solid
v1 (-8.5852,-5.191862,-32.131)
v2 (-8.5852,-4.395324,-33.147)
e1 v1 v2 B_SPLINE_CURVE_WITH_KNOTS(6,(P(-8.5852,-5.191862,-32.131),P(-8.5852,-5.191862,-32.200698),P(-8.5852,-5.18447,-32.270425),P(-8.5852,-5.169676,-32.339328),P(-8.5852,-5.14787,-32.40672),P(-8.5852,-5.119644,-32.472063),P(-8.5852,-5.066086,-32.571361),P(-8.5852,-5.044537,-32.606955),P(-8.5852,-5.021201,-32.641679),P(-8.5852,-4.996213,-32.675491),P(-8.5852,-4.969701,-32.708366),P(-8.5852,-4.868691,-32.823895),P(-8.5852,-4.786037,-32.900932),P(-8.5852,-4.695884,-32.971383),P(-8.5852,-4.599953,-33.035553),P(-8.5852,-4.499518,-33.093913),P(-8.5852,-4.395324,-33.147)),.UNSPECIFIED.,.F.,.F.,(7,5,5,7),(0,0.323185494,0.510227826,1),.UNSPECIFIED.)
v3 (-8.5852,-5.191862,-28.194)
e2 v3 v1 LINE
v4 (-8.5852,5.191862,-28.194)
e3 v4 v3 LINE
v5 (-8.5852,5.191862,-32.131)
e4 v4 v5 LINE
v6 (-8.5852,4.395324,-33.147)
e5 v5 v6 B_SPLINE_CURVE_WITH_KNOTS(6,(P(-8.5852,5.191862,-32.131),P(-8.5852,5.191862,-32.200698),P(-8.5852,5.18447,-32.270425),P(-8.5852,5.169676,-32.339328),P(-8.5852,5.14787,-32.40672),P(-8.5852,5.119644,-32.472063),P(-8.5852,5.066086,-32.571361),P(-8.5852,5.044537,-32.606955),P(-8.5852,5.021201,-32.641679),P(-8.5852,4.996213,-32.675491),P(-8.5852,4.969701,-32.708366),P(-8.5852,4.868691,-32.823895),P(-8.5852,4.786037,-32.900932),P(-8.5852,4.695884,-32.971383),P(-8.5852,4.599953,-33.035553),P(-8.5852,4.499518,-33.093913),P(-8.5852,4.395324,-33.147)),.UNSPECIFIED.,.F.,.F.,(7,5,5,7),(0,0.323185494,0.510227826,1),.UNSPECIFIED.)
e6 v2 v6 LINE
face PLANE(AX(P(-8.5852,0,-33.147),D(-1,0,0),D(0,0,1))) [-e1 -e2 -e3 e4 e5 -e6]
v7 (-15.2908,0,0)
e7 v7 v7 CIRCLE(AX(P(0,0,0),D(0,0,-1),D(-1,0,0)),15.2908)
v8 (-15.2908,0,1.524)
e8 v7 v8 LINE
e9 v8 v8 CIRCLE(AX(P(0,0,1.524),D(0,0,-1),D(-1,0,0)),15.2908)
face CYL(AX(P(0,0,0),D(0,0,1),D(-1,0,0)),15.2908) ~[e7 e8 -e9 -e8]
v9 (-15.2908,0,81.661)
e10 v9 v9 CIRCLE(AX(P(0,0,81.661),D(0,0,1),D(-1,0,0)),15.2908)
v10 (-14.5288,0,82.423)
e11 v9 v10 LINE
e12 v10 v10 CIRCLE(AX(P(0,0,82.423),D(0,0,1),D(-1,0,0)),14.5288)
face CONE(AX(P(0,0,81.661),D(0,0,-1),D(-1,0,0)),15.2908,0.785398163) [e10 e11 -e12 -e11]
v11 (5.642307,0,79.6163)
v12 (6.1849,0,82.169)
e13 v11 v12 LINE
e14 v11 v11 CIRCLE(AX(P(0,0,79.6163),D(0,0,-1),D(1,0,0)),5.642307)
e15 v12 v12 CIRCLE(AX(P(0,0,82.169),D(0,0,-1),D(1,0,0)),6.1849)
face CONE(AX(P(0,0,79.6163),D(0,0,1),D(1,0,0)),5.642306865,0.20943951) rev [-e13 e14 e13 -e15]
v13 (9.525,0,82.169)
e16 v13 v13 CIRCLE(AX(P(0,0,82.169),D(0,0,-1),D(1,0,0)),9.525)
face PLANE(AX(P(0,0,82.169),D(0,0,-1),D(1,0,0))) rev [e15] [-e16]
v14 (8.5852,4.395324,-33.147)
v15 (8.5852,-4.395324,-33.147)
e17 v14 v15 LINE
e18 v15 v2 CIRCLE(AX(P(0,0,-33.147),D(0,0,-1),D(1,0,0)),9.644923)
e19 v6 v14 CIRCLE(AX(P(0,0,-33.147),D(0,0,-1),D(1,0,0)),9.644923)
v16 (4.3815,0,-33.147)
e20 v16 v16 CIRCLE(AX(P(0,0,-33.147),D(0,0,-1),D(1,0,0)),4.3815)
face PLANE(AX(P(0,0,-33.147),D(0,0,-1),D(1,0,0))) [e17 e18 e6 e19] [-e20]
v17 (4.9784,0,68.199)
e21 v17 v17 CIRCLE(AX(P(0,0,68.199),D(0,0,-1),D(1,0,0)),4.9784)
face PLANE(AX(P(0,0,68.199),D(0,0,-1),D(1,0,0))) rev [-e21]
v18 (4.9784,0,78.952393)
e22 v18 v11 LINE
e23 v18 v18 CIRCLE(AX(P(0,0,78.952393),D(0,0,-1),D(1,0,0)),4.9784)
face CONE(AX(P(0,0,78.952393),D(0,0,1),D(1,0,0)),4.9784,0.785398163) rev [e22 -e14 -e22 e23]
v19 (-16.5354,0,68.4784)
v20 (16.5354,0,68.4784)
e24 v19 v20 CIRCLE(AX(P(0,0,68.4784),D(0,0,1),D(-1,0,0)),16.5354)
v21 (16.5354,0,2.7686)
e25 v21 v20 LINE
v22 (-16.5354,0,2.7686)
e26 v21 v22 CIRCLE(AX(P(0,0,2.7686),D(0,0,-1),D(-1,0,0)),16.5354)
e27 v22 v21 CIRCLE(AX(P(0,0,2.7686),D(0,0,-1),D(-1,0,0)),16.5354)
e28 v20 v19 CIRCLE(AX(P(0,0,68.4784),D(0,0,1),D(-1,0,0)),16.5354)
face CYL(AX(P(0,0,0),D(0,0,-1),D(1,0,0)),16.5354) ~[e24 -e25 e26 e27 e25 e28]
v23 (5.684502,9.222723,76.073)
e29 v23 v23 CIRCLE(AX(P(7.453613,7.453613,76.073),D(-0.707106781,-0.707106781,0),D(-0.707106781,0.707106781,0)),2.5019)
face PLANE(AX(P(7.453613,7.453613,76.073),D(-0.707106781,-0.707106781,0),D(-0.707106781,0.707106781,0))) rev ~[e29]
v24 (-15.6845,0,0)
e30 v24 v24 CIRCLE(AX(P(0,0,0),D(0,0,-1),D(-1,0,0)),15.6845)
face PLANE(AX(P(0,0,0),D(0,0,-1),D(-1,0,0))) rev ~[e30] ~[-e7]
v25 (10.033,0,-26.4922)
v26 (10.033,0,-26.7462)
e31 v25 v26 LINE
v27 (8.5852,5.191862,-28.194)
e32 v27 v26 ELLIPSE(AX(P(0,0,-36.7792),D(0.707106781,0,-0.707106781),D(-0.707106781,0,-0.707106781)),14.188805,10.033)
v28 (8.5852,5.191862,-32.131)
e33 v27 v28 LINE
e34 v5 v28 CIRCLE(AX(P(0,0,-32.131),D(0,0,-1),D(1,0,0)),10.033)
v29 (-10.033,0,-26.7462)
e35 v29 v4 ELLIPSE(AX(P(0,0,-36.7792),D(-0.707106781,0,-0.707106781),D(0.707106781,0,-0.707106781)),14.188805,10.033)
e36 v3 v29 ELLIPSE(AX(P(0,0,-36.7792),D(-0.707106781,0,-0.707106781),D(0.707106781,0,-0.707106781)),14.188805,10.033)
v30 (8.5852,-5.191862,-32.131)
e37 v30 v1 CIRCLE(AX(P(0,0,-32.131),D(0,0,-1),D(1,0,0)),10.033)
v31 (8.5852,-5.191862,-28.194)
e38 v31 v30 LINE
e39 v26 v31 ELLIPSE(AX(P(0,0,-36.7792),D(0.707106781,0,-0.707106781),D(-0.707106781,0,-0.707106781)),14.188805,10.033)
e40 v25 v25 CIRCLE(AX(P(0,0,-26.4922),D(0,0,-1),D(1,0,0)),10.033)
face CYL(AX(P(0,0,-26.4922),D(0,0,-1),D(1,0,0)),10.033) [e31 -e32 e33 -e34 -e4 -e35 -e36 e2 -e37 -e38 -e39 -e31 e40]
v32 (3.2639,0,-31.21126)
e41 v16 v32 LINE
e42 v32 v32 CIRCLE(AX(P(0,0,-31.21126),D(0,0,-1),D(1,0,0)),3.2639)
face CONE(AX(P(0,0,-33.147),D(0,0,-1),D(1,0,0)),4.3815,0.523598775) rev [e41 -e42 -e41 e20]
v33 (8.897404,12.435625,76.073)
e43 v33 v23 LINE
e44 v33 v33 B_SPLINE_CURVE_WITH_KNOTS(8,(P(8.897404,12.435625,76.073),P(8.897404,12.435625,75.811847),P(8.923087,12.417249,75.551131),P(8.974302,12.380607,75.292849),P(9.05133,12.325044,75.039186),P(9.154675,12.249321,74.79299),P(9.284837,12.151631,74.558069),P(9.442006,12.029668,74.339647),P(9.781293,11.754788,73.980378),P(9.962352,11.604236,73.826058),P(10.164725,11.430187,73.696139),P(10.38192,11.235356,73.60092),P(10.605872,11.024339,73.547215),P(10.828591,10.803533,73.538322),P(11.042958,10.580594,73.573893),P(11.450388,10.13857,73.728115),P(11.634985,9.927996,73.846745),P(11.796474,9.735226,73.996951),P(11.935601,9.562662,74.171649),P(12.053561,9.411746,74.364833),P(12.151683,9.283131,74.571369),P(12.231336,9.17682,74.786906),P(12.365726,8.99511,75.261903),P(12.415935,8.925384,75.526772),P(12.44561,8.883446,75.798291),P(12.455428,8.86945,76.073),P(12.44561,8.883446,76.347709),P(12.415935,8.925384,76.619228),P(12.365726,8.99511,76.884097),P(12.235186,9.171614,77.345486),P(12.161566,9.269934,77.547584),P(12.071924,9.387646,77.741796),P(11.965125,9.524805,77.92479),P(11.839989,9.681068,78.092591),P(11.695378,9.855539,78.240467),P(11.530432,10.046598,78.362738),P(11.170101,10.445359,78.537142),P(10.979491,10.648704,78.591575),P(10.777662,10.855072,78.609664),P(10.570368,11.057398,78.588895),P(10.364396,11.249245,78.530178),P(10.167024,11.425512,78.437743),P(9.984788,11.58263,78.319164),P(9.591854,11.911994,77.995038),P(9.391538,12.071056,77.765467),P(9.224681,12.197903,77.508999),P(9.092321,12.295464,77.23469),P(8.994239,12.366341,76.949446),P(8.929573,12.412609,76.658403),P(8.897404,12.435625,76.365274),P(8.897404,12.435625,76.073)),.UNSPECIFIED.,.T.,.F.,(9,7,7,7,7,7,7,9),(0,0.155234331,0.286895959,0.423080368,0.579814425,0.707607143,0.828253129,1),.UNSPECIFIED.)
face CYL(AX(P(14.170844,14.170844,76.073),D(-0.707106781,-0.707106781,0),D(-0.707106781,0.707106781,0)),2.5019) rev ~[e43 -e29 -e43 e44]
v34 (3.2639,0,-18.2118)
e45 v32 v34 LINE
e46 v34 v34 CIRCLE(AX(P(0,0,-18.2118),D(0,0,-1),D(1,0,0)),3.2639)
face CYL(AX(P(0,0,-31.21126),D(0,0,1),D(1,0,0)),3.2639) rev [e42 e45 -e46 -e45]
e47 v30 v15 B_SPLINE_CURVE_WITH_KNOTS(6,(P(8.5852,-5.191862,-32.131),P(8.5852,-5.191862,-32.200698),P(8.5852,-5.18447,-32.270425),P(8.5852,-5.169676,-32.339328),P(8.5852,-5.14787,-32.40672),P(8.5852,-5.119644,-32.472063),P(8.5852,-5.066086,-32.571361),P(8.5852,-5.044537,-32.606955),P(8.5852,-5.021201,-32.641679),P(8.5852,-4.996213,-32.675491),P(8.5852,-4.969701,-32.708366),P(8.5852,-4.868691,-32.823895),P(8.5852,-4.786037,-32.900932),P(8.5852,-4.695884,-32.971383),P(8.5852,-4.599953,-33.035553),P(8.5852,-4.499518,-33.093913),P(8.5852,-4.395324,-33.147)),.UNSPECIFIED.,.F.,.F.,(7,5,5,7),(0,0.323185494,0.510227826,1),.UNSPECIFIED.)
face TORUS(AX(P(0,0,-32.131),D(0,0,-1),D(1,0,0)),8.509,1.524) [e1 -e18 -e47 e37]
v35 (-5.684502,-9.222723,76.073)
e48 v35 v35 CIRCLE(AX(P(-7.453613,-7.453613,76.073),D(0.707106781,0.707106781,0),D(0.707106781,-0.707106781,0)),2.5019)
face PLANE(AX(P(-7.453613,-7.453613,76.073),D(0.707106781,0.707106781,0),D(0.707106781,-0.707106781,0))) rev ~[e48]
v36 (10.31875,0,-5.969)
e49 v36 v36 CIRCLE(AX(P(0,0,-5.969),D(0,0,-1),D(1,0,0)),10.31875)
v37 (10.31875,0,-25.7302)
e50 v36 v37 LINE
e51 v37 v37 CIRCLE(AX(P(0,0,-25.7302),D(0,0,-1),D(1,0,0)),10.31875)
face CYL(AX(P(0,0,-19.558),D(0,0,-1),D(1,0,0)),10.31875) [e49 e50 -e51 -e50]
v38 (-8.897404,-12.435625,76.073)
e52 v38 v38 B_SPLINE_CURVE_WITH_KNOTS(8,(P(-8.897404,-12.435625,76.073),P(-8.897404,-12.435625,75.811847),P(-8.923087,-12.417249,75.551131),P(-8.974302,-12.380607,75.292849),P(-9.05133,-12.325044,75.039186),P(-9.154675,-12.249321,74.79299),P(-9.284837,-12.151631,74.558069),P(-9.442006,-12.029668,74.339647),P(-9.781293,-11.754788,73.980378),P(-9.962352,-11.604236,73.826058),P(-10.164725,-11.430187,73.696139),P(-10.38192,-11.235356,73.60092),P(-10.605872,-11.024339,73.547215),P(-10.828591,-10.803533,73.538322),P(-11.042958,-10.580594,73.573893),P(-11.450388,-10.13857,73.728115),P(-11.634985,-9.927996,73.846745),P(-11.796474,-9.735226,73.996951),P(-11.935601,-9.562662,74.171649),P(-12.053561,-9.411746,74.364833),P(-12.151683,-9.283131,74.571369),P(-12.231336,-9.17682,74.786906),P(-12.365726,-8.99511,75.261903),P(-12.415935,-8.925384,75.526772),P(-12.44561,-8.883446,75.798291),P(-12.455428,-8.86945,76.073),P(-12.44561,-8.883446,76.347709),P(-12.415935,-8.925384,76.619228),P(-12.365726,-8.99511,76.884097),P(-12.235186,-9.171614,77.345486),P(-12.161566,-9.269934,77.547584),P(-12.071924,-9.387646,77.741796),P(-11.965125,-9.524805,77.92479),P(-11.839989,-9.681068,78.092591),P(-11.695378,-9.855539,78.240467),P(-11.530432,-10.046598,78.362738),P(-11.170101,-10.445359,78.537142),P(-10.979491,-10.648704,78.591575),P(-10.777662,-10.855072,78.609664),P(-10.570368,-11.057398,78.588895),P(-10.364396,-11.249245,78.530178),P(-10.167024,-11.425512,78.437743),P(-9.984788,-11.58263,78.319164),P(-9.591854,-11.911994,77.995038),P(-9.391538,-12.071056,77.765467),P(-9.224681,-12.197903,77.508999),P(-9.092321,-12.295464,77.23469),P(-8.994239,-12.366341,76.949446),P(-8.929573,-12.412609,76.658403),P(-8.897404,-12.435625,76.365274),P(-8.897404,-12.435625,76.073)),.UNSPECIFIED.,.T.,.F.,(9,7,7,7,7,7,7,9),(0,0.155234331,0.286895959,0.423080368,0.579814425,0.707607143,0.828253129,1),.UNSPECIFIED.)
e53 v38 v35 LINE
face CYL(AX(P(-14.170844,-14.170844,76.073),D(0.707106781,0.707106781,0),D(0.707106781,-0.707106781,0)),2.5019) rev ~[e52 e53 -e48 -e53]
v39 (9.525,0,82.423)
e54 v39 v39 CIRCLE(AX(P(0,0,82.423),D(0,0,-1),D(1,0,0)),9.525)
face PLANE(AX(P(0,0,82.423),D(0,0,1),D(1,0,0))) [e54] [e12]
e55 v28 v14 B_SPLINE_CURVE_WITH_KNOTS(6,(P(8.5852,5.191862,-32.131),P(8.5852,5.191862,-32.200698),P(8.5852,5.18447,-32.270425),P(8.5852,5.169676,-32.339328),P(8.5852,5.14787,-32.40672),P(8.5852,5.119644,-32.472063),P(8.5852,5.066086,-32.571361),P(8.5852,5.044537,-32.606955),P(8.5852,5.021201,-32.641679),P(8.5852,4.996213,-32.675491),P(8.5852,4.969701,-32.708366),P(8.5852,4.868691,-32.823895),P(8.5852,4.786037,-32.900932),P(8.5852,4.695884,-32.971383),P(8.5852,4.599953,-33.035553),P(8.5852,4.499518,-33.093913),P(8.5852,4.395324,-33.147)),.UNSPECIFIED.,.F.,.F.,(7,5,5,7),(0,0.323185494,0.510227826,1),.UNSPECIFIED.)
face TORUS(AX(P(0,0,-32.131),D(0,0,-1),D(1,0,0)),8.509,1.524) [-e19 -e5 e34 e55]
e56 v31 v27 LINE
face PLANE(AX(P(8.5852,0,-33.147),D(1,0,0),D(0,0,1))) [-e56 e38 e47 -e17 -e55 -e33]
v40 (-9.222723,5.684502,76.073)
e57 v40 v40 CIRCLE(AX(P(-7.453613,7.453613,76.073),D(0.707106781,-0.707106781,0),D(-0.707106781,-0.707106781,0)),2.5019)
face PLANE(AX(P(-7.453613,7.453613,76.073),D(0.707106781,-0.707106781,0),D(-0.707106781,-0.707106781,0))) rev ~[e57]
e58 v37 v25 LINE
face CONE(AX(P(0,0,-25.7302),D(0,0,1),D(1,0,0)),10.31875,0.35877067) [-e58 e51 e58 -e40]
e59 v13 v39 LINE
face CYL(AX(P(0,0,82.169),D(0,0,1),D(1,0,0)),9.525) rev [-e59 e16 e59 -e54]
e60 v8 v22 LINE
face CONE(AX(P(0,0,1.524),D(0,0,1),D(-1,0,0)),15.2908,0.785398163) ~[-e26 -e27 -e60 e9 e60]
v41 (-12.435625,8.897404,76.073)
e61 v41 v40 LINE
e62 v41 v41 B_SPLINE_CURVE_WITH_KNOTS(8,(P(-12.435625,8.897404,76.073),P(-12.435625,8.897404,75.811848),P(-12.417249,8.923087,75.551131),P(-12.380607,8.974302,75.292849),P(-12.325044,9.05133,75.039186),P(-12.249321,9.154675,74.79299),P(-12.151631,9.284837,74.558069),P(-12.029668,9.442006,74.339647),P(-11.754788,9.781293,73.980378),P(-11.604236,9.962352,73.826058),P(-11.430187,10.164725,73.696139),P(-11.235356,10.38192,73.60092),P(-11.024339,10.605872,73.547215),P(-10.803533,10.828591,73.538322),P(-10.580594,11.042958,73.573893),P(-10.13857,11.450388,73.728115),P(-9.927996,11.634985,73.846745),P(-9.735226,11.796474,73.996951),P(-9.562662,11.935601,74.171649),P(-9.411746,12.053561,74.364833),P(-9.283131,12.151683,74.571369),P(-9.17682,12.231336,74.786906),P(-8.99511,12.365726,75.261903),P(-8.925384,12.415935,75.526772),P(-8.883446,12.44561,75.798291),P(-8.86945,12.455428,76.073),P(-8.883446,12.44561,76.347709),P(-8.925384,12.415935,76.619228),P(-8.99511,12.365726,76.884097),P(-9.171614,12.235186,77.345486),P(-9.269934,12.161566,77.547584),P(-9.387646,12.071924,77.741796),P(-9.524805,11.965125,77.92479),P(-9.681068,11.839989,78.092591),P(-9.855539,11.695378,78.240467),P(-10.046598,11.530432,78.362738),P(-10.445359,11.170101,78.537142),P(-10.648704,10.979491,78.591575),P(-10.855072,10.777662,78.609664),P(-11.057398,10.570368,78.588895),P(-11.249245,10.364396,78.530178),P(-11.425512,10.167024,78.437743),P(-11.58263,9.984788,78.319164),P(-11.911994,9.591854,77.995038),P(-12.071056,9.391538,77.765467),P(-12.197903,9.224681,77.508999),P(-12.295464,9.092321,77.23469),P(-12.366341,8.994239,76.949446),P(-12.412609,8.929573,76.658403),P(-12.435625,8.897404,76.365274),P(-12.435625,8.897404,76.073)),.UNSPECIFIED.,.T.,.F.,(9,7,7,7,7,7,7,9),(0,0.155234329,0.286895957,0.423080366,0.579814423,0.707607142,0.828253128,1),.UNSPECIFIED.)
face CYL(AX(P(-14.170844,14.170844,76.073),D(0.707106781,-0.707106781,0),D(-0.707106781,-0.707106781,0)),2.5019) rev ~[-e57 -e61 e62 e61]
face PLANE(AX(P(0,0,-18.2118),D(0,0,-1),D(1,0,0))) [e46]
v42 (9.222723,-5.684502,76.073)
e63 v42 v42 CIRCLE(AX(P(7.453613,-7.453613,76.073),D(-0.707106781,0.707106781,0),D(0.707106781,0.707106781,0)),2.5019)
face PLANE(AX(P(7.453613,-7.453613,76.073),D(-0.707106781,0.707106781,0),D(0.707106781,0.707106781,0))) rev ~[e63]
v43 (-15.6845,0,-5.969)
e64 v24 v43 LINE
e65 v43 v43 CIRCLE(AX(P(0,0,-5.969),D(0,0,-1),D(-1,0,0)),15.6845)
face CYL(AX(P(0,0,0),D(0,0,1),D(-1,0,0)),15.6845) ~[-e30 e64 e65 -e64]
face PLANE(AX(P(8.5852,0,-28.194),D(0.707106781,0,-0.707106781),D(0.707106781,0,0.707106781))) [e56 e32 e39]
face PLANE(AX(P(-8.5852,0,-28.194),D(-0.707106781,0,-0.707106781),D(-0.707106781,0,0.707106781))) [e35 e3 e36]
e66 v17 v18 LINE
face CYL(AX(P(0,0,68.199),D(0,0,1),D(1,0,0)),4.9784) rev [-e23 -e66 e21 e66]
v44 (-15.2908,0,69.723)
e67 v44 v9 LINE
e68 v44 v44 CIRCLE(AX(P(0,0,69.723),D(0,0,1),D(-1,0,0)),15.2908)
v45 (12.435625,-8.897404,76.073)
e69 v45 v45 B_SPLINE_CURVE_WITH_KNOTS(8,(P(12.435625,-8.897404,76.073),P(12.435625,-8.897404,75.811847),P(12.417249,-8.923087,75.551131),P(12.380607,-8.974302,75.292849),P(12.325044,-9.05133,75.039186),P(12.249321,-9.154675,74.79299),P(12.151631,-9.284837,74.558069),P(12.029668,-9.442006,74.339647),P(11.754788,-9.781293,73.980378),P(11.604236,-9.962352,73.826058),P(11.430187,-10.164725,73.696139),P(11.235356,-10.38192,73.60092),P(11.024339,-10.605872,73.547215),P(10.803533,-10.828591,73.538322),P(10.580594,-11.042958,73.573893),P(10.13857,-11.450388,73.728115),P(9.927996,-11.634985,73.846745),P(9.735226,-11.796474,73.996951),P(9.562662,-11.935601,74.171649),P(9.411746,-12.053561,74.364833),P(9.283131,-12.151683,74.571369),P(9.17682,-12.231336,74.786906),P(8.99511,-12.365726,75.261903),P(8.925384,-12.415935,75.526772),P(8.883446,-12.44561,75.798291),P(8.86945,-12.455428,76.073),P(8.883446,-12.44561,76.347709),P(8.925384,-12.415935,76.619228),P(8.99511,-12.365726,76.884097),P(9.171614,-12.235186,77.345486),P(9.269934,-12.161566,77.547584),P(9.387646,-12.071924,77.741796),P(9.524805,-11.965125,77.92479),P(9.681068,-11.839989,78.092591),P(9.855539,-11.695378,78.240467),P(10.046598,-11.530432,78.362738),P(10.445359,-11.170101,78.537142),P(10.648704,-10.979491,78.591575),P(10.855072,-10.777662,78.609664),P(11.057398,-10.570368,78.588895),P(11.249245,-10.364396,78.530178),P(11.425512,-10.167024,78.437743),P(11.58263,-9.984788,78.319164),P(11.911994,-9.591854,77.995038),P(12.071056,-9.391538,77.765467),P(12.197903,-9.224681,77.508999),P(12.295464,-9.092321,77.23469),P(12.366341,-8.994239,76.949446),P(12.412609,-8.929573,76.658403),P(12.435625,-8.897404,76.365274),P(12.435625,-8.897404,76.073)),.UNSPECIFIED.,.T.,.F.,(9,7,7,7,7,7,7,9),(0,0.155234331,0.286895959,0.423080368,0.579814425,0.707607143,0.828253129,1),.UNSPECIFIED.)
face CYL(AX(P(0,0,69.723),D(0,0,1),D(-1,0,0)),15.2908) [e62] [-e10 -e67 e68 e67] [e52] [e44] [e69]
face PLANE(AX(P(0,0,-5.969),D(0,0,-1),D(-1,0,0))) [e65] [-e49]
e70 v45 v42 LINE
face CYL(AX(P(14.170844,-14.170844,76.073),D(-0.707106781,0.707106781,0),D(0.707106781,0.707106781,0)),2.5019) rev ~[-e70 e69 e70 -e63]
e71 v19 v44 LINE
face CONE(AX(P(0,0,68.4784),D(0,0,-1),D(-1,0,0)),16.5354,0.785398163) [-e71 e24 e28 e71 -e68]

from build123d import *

# Parameters (mm, degrees)
SKETCH1_R          = 16.5354
EXTRUDE1_DEPTH     = 82.423
CHAMFER1_SIZE      = 0.762
SKETCH6_R          = 15.6845
EXTRUDE2_DEPTH     = 5.969
SKETCH7_W          = 27.178
SKETCH7_H          = 10.31875
CUT_EXTRUDE4_DEPTH = 19.84248
HOLE1_D            = 5.0038
HOLE1_DEPTH        = 4.7498
CIRPATTERN1_COUNT  = 4


with BuildPart() as part:
    # Sketch1 → Extrude1 (new body)
    with BuildSketch(Plane.XY):
        Circle(SKETCH1_R)
    extrude(amount=EXTRUDE1_DEPTH)

    # Sketch2 → Cut-Revolve1 (revolve, cut)
    with BuildSketch(Plane(origin=(0, 0, 0), x_dir=(1, 0, 0), z_dir=(0, 1, 0)), mode=Mode.PRIVATE) as cut_revolve1_sk:
        Polygon((16.5354, -82.423), (16.5354, -68.4784), (15.2908, -69.723), (15.2908, -82.423), align=None)
    revolve(cut_revolve1_sk.sketch.rotate(Axis((0, 0, 0), (0, 0, 1)), 180), axis=Axis((0, 0, 0), (0, 0, 1)), mode=Mode.SUBTRACT)  # turned: the seam where the file's is

    # Sketch3 → Cut-Revolve2 (revolve, cut)
    with BuildSketch(Plane(origin=(0, 0, 0), x_dir=(1, 0, 0), z_dir=(0, 1, 0)), mode=Mode.PRIVATE) as cut_revolve2_sk:
        Polygon((15.2908, 0), (15.2908, -1.524), (16.5354, -2.7686), (16.5354, 0), align=None)
    revolve(cut_revolve2_sk.sketch.rotate(Axis((0, 0, 0), (0, 0, -1)), 180), axis=Axis((0, 0, 0), (0, 0, -1)), mode=Mode.SUBTRACT)  # turned: the seam where the file's is

    # S2D0002 → Cut-Revolve3 (revolve, cut)
    with BuildSketch(Plane(origin=(0, 0, 0), x_dir=(1, 0, 0), z_dir=(0, 1, 0))):
        Polygon((6.1849, -82.169), (9.525, -82.169), (9.525, -82.423), (0, -82.423), (0, -68.199), (4.9784, -68.199), (4.9784, -78.952393135), (5.642306865, -79.6163), align=None)
    revolve(axis=Axis((0, 0, 14.6685), (0, 0, -1)), mode=Mode.SUBTRACT)

    # Chamfer1
    chamfer1_edges = [part.edges().sort_by_distance(p)[0] for p in [
        (15.2908, 0, 82.423),
    ]]
    chamfer(chamfer1_edges, length=CHAMFER1_SIZE)

    # Sketch6 → Extrude2 (add)
    with BuildSketch(Plane(origin=(0, 0, 0), x_dir=(-1, 0, 0), z_dir=(0, 0, -1))):
        Circle(SKETCH6_R)
    extrude(amount=EXTRUDE2_DEPTH)

    # Sketch7 → Revolve1 (revolve)
    with BuildSketch(Plane(origin=(0, 0, 0), x_dir=(0, 0, -1), z_dir=(1, 0, 0)), mode=Mode.PRIVATE) as revolve1_sk:
        with Locations((19.558, -5.159375)):
            Rectangle(SKETCH7_W, SKETCH7_H)
    revolve(revolve1_sk.sketch.rotate(Axis((0, 0, 0), (0, 0, -1)), 270), axis=Axis((0, 0, 0), (0, 0, -1)))  # turned: the seam where the file's is

    # S2D0001 → Cut-Revolve5 (revolve, cut)
    with BuildSketch(Plane(origin=(0, 0, 0), x_dir=(1, 0, 0), z_dir=(0, 1, 0))):
        Polygon((3.2639, 31.211260017), (3.2639, 18.2118), (0, 18.2118), (0, 33.147), (4.3815, 33.147), align=None)
    revolve(axis=Axis((0, 0, 31.308359971), (0, 0, -1)), mode=Mode.SUBTRACT)

    # Sketch9 → Cut-Revolve6 (revolve, cut)
    with BuildSketch(Plane(origin=(0, 0, 0), x_dir=(0, -1, 0), z_dir=(1, 0, 0)), mode=Mode.PRIVATE) as cut_revolve6_sk:
        with BuildLine():
            Line((-10.31875, 25.7302), (-10.033, 26.4922))
            Line((-10.033, 26.4922), (-10.033, 32.131))
            ThreePointArc((-10.033, 32.131), (-9.932678675, 32.674796865), (-9.644922533, 33.147))
            Line((-9.644922533, 33.147), (-10.31875, 33.147))
            Line((-10.31875, 33.147), (-10.31875, 25.7302))
        make_face()
    revolve(cut_revolve6_sk.sketch.rotate(Axis((0, 0, -12.65936), (0, 0, -1)), 90), axis=Axis((0, 0, -12.65936), (0, 0, -1)), mode=Mode.SUBTRACT)  # turned: the seam where the file's is

    # Sketch13 → Cut-Extrude4 (cut, symmetric)
    with BuildSketch(Plane(origin=(0, 0, 0), x_dir=(1, 0, 0), z_dir=(0, 1, 0))):
        Polygon((8.5852, 33.147), (8.5852, 28.194), (10.033, 26.7462), (10.033, 33.147), align=None)
        Polygon((-8.5852, 33.147), (-8.5852, 28.194), (-10.033, 26.7462), (-10.033, 33.147), align=None)
    extrude(amount=CUT_EXTRUDE4_DEPTH, both=True, mode=Mode.SUBTRACT)

    # Hole1
    with Locations(Plane(origin=(-10.81222837, 10.81222837, 76.073), x_dir=(0.707106781, 0.707106781, 0), z_dir=(-0.707106781, 0.707106781, 0))):
        with Locations((0, 0)):
            hole1 = Hole(HOLE1_D / 2, depth=HOLE1_DEPTH)

    # CirPattern1: Hole1 ×4 about axis
    cirpattern1_axis = Axis((0, 0, 0), (0, 0, 1))
    for i in range(1, CIRPATTERN1_COUNT):
        add(hole1.rotate(cirpattern1_axis, i * 360 / CIRPATTERN1_COUNT), mode=Mode.SUBTRACT)


solid = part.part
